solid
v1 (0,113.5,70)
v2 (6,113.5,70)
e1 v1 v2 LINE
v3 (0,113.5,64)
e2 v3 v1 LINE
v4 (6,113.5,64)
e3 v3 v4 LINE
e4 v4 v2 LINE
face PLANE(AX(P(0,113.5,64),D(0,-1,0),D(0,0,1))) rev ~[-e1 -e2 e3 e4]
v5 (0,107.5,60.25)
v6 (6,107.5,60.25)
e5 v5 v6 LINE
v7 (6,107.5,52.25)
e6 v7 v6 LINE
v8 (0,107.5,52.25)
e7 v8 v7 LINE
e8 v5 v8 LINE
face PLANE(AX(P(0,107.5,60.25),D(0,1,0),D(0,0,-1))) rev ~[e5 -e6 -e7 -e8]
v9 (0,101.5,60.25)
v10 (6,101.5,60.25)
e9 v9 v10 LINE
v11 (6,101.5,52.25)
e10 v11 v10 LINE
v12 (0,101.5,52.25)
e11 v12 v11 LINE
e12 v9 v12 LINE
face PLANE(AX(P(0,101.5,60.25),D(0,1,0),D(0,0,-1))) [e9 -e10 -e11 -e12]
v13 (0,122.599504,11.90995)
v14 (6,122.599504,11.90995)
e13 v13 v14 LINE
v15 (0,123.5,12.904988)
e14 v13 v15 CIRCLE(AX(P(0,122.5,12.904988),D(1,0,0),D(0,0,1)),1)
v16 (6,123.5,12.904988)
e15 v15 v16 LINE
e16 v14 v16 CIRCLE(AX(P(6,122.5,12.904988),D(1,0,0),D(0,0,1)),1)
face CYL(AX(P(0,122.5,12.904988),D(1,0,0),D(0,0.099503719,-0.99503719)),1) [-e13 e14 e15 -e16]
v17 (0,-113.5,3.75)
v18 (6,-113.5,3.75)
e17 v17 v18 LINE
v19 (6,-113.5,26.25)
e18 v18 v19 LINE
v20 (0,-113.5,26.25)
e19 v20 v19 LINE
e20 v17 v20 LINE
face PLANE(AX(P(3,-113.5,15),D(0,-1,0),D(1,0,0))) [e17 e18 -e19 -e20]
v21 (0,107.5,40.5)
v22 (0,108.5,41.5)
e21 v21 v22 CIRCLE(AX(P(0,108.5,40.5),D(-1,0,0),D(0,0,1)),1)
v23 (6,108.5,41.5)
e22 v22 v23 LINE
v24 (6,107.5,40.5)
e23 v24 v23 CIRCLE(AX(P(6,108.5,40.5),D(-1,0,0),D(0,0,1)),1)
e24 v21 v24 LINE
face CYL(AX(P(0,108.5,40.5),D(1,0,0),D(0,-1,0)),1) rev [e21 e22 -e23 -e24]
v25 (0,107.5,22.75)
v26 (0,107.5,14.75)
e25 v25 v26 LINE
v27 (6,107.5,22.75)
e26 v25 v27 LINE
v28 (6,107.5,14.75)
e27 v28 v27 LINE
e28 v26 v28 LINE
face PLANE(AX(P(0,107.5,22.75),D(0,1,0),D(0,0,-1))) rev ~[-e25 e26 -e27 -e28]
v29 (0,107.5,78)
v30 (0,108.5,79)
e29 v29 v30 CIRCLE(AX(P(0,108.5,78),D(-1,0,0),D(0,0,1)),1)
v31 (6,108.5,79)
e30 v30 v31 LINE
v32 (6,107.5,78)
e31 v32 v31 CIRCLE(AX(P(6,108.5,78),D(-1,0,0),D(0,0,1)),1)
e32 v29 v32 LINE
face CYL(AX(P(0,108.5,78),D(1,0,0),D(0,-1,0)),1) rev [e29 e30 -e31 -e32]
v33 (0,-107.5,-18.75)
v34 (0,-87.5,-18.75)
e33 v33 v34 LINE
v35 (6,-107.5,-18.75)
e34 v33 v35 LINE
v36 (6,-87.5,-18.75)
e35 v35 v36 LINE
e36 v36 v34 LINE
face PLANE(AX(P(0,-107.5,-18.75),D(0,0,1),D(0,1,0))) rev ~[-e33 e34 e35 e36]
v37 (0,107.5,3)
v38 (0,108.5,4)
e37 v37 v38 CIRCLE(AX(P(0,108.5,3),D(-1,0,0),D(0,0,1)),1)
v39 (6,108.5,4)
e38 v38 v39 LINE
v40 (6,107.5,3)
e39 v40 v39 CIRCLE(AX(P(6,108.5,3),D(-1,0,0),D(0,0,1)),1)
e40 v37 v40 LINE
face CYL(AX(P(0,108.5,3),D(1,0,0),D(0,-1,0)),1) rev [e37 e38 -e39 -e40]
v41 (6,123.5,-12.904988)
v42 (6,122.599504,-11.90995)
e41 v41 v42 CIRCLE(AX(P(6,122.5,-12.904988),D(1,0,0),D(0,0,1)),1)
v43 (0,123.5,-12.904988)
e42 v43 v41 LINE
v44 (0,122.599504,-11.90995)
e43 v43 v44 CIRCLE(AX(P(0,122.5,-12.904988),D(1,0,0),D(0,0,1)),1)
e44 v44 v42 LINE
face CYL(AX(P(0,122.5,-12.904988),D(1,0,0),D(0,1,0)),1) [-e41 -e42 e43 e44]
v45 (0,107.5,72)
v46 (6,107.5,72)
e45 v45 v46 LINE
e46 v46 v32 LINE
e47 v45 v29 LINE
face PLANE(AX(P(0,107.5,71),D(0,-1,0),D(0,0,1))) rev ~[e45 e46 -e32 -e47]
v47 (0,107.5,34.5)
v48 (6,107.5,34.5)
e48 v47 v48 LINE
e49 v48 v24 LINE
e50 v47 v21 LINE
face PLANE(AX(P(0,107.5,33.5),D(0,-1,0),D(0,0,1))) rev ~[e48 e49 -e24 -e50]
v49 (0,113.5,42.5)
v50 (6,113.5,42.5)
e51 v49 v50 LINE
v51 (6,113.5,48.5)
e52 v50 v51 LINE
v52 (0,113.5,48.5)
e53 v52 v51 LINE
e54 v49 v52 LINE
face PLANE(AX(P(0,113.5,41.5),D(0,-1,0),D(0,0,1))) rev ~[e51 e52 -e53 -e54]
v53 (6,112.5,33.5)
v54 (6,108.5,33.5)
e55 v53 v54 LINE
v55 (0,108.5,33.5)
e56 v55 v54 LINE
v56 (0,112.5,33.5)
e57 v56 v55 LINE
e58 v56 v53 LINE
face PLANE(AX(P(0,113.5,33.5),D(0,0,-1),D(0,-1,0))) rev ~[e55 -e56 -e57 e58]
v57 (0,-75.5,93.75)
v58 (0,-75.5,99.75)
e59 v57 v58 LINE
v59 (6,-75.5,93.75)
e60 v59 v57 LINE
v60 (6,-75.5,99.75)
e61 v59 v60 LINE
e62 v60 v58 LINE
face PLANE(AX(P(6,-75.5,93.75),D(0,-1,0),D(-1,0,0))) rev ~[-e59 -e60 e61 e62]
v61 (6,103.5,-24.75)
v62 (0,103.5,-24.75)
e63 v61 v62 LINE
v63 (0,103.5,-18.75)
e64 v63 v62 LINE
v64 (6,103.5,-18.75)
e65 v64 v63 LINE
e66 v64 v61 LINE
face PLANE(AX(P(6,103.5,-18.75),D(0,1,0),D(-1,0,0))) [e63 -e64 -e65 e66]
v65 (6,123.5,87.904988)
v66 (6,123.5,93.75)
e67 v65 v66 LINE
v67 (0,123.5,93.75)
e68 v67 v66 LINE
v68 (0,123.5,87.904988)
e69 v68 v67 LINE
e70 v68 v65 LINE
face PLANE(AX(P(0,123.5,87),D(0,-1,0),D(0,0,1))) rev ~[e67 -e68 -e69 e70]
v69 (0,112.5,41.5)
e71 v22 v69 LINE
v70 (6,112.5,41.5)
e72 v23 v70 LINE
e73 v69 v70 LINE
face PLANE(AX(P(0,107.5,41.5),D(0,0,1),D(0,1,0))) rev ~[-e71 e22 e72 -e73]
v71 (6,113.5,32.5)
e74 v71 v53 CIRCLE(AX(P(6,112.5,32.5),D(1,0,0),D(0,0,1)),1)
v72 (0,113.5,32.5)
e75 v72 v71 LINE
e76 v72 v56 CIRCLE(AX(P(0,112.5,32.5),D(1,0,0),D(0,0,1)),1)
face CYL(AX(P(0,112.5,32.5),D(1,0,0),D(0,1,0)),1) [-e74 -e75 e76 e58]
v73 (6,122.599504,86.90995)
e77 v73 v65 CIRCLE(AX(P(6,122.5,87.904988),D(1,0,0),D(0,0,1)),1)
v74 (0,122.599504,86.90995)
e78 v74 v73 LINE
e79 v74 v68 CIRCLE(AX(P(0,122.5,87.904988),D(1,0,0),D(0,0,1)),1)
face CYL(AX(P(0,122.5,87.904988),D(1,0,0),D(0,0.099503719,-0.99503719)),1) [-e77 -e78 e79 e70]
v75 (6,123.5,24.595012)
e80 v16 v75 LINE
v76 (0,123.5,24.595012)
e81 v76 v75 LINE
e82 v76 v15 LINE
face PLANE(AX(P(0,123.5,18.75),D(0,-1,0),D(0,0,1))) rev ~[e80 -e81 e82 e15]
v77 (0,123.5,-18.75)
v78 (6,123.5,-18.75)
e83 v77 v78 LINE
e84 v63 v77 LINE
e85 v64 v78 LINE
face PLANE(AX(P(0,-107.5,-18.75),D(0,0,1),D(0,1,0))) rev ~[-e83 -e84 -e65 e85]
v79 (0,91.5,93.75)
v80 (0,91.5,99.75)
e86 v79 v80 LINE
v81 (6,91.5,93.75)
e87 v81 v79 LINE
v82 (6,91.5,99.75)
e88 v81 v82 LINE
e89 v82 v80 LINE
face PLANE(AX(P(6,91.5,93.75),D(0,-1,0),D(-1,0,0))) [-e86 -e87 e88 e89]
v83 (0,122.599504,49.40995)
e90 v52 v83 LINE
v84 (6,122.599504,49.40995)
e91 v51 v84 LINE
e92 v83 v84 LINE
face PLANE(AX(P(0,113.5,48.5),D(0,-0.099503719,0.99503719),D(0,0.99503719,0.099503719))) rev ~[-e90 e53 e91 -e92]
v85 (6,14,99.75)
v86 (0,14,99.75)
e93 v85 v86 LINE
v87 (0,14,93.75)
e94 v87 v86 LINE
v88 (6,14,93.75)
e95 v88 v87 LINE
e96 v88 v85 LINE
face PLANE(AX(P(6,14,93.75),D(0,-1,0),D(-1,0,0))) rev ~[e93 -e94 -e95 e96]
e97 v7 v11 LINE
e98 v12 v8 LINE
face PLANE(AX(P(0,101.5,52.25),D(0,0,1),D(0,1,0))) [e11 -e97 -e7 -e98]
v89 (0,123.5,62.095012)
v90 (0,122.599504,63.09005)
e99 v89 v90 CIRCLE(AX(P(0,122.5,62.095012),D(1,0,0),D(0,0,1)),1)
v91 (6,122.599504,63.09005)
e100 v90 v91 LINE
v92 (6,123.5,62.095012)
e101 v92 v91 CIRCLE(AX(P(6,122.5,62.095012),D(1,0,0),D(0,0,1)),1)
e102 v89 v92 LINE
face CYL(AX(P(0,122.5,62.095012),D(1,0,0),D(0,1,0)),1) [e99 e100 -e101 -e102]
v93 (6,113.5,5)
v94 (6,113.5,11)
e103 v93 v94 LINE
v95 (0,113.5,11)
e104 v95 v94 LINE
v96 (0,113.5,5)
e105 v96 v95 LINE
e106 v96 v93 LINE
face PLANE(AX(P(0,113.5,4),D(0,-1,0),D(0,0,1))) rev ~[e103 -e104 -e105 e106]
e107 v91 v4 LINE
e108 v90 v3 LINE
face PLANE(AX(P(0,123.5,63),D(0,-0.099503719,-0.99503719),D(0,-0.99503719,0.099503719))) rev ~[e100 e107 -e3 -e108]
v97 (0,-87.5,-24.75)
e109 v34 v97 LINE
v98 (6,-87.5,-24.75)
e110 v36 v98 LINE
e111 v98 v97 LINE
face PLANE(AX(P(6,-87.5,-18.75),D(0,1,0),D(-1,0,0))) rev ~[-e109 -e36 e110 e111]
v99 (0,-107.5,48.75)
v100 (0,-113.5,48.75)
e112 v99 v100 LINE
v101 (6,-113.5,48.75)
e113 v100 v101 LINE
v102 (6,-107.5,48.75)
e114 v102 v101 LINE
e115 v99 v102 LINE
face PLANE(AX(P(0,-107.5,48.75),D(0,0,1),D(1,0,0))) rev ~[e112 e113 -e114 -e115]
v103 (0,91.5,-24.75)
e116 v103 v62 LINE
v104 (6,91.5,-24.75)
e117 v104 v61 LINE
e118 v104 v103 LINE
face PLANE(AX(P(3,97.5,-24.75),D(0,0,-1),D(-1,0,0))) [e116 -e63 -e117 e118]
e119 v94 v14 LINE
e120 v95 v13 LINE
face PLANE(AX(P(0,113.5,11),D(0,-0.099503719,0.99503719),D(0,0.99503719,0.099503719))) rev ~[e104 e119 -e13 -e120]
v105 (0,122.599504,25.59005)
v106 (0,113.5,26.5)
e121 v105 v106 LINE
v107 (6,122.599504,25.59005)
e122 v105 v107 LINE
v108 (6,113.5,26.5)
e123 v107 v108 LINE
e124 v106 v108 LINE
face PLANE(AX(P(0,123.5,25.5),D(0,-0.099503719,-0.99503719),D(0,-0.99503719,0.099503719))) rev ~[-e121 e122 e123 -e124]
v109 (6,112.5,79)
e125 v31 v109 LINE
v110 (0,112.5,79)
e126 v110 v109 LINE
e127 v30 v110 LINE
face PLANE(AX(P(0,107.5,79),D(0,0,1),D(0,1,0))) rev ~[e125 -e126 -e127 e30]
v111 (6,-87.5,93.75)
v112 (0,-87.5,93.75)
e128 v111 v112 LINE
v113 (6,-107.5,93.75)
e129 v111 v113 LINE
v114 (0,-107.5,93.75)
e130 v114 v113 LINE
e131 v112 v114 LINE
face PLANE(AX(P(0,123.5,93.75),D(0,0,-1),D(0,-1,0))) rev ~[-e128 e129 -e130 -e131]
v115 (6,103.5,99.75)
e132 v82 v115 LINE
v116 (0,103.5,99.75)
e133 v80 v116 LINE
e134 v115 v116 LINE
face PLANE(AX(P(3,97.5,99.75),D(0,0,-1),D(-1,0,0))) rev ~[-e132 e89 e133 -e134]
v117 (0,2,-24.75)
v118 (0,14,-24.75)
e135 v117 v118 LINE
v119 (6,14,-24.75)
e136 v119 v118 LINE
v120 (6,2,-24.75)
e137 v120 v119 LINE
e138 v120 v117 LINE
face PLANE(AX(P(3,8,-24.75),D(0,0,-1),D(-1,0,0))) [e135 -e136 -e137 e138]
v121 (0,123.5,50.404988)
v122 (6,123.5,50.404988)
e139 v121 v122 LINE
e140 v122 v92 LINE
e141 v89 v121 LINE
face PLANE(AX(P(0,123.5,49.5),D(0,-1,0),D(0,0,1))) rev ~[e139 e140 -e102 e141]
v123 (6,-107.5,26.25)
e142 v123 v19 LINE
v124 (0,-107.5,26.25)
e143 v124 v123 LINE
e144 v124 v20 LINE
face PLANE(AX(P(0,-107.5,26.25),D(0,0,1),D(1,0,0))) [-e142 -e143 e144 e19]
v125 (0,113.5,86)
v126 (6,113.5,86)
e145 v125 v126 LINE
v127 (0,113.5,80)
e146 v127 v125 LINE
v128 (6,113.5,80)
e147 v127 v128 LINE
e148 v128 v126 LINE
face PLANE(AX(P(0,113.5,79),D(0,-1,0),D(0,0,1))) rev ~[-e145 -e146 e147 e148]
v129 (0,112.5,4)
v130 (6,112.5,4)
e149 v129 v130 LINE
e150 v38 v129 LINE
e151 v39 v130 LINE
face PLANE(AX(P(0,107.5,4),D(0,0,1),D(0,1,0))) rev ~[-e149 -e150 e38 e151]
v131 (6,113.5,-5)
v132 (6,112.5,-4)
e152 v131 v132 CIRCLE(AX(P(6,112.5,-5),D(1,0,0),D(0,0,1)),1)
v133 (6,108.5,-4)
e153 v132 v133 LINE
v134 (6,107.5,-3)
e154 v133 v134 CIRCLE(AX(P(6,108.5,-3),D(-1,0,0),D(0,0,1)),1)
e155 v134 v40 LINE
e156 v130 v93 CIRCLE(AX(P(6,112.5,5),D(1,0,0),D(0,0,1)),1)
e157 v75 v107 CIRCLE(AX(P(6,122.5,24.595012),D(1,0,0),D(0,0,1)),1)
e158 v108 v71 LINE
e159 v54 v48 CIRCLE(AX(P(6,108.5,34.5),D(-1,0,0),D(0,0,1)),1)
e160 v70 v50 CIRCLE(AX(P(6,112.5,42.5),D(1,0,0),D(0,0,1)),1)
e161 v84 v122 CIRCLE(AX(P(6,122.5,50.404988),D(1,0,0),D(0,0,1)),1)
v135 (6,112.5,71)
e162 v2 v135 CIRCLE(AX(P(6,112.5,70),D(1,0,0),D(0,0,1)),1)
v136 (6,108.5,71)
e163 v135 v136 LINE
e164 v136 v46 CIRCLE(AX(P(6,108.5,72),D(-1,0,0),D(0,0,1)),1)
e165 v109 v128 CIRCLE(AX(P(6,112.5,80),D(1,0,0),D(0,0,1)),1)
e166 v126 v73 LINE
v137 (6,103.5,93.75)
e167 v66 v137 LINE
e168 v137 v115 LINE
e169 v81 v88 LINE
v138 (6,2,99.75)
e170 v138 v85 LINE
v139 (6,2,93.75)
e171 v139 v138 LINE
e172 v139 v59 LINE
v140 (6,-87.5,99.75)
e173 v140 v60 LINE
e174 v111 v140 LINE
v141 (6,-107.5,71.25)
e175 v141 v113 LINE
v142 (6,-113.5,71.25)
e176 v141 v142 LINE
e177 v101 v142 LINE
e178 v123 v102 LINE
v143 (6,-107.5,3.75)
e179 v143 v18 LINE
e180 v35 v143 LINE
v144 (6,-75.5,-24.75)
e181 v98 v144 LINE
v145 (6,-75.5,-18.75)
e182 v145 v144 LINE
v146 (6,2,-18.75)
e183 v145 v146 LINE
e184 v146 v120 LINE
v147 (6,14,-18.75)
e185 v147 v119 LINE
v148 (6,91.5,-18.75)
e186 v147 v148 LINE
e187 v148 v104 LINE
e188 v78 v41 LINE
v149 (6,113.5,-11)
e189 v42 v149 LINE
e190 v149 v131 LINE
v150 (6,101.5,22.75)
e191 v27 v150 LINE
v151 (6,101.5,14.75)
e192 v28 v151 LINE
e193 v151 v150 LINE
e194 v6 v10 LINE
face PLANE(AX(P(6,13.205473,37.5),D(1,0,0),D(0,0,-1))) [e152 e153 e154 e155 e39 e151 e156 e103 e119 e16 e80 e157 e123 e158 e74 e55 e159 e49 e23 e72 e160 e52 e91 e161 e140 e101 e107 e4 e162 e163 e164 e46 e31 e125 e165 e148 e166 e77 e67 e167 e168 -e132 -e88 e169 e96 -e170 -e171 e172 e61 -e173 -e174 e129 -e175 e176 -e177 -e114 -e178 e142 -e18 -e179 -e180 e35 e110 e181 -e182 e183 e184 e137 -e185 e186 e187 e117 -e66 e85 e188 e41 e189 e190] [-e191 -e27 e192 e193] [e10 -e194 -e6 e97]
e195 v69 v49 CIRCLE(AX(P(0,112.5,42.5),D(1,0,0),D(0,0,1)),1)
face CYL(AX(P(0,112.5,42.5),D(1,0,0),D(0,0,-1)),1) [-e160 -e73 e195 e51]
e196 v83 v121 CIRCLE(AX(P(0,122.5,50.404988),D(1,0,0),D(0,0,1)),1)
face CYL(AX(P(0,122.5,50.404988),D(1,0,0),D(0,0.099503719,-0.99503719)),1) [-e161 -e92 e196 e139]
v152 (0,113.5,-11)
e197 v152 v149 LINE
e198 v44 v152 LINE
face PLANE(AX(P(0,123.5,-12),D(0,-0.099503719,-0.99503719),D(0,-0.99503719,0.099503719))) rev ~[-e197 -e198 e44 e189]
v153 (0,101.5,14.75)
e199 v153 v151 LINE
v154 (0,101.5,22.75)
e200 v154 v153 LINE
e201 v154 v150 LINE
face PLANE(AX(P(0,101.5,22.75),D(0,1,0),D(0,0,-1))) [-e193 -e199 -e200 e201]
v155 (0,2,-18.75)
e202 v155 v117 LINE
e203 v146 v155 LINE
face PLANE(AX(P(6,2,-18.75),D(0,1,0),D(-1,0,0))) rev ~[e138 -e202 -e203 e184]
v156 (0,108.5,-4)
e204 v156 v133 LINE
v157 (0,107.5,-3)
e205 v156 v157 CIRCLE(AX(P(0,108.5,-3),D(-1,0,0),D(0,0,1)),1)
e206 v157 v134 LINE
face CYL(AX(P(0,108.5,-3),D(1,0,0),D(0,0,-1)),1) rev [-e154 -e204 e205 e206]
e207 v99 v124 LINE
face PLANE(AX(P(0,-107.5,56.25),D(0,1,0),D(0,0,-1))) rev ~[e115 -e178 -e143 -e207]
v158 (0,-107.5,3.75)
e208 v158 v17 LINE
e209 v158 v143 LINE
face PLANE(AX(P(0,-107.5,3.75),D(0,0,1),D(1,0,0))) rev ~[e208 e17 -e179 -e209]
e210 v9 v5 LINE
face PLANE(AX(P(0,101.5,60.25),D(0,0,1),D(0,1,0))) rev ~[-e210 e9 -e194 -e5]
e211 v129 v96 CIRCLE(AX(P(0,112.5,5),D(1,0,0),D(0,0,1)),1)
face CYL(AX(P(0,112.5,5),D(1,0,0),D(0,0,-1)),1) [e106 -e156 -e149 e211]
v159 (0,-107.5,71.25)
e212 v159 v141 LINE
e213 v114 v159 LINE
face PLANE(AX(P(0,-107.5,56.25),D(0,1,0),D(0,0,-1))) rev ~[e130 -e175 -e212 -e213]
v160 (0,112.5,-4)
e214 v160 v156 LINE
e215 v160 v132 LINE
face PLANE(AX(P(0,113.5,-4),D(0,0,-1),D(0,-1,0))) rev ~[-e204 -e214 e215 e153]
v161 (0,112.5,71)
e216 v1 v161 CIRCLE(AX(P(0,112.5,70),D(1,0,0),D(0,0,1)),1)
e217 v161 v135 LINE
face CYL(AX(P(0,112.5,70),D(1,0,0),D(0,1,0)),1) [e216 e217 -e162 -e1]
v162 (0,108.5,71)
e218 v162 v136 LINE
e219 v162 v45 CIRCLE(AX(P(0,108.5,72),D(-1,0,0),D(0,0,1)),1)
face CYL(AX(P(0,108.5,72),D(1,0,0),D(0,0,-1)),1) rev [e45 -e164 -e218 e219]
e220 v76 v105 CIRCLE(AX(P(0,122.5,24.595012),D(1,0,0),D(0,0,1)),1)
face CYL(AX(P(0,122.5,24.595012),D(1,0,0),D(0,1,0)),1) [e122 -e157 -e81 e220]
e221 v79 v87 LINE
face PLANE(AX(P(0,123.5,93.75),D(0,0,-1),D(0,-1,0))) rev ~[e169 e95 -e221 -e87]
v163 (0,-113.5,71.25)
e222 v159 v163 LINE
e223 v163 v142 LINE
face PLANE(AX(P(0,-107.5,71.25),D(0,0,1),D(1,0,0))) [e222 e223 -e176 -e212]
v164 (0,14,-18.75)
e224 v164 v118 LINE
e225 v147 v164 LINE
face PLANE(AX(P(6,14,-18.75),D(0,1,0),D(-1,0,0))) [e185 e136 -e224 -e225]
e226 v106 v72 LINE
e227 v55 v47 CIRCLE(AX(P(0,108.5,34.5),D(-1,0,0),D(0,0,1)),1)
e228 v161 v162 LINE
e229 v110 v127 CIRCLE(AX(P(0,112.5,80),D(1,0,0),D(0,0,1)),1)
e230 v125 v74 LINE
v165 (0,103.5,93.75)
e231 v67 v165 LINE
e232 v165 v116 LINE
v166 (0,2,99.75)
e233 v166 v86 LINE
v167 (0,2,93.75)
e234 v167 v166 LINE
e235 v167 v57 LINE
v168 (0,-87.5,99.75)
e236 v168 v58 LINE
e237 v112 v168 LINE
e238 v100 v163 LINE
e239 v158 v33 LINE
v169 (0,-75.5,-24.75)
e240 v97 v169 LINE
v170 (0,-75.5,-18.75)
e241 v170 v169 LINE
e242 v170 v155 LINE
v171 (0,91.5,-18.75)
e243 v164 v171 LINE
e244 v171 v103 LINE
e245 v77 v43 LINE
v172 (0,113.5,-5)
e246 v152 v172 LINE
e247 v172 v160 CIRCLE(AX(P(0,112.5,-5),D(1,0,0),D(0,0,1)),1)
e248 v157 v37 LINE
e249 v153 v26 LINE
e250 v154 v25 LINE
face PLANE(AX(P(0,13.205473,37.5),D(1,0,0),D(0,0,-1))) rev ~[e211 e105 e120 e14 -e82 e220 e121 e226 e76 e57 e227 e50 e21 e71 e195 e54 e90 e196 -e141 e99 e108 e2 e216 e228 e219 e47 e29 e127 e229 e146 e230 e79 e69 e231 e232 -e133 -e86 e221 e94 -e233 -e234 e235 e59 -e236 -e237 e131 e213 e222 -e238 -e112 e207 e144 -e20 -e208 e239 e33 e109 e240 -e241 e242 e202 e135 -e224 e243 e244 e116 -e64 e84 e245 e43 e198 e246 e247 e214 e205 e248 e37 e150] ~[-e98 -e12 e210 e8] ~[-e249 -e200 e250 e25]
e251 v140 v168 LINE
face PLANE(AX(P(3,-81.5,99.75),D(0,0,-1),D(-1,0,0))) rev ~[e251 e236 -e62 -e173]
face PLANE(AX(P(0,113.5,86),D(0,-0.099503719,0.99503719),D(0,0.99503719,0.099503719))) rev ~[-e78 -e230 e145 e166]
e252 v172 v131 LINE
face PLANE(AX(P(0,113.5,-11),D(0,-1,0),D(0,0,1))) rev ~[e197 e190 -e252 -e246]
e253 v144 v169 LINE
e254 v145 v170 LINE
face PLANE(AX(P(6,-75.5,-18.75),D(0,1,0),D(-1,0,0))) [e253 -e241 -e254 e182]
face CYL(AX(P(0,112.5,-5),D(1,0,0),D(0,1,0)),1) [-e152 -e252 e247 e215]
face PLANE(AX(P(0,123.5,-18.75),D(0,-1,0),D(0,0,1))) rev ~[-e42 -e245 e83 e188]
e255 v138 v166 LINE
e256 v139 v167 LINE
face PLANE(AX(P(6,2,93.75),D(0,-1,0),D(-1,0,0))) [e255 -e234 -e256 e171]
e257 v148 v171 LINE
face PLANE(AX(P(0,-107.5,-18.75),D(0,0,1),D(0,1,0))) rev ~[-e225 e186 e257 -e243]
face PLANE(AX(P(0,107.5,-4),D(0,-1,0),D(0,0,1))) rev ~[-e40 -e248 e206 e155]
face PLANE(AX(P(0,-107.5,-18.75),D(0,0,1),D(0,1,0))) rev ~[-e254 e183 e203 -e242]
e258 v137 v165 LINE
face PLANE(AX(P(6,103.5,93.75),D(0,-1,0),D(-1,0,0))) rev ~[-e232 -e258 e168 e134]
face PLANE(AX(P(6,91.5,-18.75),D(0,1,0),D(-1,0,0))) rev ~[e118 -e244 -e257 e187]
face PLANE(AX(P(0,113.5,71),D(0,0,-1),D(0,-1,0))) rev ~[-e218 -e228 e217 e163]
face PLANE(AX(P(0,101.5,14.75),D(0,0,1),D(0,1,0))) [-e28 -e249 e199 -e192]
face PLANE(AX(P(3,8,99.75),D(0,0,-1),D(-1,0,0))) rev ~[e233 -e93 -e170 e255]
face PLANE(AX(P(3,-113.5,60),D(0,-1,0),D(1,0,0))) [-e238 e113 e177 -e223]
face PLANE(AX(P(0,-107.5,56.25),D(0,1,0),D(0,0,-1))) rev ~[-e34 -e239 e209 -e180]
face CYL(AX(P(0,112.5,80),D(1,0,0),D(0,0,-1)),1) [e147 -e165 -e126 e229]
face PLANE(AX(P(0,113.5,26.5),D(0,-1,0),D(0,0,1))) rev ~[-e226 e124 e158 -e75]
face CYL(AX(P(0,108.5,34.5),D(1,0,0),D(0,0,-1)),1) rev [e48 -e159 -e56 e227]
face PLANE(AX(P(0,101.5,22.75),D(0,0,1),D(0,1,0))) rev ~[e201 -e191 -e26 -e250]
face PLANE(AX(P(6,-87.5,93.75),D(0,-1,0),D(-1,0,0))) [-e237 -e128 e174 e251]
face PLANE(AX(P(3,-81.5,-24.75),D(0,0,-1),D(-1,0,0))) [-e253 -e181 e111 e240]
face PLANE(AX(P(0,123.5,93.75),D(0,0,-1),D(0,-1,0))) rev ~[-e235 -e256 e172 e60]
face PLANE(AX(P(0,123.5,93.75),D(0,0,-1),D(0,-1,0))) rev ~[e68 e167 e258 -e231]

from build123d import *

# Parameters (mm, degrees)
BOSS_EXTRUDE2_DEPTH    = 6
FILLET1_R              = 1
LPATTERN1_COUNT        = 3
LPATTERN1_PITCH        = 37.5
FILLET1_OF_LPATTERN1_R = 1
SKETCH3_W              = 6
SKETCH3_H              = 12
BOSS_EXTRUDE3_DEPTH    = 6
SKETCH4_W              = 8
SKETCH4_H              = 6
CUT_EXTRUDE2_DEPTH     = 7
LPATTERN2_COUNT        = 2
LPATTERN2_PITCH        = 37.5
BOSS_EXTRUDE4_START    = -112.5
SKETCH3_2_W            = 6
SKETCH3_2_H            = 12
BOSS_EXTRUDE4_DEPTH    = 6
SKETCH5_W              = 6
SKETCH5_H              = 22.5
BOSS_EXTRUDE5_DEPTH    = 6


with BuildPart() as part:
    # Sketch2 → Boss-Extrude2 (new body)
    with BuildSketch(Plane(origin=(0, 0, 0), x_dir=(0, 0, -1), z_dir=(1, 0, 0))):
        Polygon((-18.75, 123.5), (-18.75, 107.5), (-18.75, -107.5), (18.75, -107.5), (18.75, 107.5), (18.75, 123.5), (12, 123.5), (11, 113.5), (4, 113.5), (4, 107.5), (-4, 107.5), (-4, 113.5), (-11, 113.5), (-12, 123.5), align=None)
    boss_extrude2 = extrude(amount=BOSS_EXTRUDE2_DEPTH)

    # Fillet1
    fillet1_edges = [part.edges().sort_by_distance(p)[0] for p in [
        (3, 113.5, -4),
        (3, 123.5, -12),
        (3, 123.5, 12),
        (3, 113.5, 4),
        (3, 107.5, 4),
        (3, 107.5, -4),
    ]]
    fillet(fillet1_edges, radius=FILLET1_R)

    # LPattern1: Boss-Extrude2 ×3
    with Locations(*[(0, 0, i * LPATTERN1_PITCH) for i in range(1, LPATTERN1_COUNT)]):
        add(boss_extrude2)

    # Fillet1 of LPattern1
    fillet1_of_lpattern1_edges = [part.edges().sort_by_distance(p)[0] for p in [
        (3, 113.5, 33.5),
        (3, 123.5, 25.5),
        (3, 123.5, 49.5),
        (3, 113.5, 41.5),
        (3, 107.5, 41.5),
        (3, 107.5, 33.5),
        (3, 113.5, 71),
        (3, 123.5, 63),
        (3, 123.5, 87),
        (3, 113.5, 79),
        (3, 107.5, 79),
        (3, 107.5, 71),
    ]]
    fillet(fillet1_of_lpattern1_edges, radius=FILLET1_OF_LPATTERN1_R)

    # Sketch3 → Boss-Extrude3 (add)
    with BuildSketch(Plane(origin=(0, 0, -18.75), x_dir=(-1, 0, 0), z_dir=(0, 0, -1))):
        with Locations((-3, 97.5)):
            Rectangle(SKETCH3_W, SKETCH3_H)
        with Locations((-3, -81.5)):
            Rectangle(SKETCH3_W, SKETCH3_H)
        with Locations((-3, 8)):
            Rectangle(SKETCH3_W, SKETCH3_H)
    extrude(amount=BOSS_EXTRUDE3_DEPTH)

    # Sketch4 → Cut-Extrude2 (cut, through all)
    with BuildSketch(Plane(origin=(0, 0, 0), x_dir=(0, 0, -1), z_dir=(1, 0, 0))):
        with Locations((-18.75, 104.5)):
            Rectangle(SKETCH4_W, SKETCH4_H)
    cut_extrude2 = extrude(amount=CUT_EXTRUDE2_DEPTH, mode=Mode.SUBTRACT)

    # LPattern2: Cut-Extrude2 ×2
    with Locations(*[(0, 0, i * LPATTERN2_PITCH) for i in range(1, LPATTERN2_COUNT)]):
        add(cut_extrude2, mode=Mode.SUBTRACT)

    # Sketch3_2 → Boss-Extrude4 (add)
    with BuildSketch(Plane(origin=(0, 0, -18.75), x_dir=(-1, 0, 0), z_dir=(0, 0, -1)).offset(BOSS_EXTRUDE4_START)):
        with Locations((-3, 97.5)):
            Rectangle(SKETCH3_2_W, SKETCH3_2_H)
        with Locations((-3, -81.5)):
            Rectangle(SKETCH3_2_W, SKETCH3_2_H)
        with Locations((-3, 8)):
            Rectangle(SKETCH3_2_W, SKETCH3_2_H)
    extrude(amount=-BOSS_EXTRUDE4_DEPTH)

    # Sketch5 → Boss-Extrude5 (add)
    with BuildSketch(Plane.XZ.offset(107.5)):
        with Locations((3, 15)):
            Rectangle(SKETCH5_W, SKETCH5_H)
        with Locations((3, 60)):
            Rectangle(SKETCH5_W, SKETCH5_H)
    extrude(amount=BOSS_EXTRUDE5_DEPTH)


solid = part.part
